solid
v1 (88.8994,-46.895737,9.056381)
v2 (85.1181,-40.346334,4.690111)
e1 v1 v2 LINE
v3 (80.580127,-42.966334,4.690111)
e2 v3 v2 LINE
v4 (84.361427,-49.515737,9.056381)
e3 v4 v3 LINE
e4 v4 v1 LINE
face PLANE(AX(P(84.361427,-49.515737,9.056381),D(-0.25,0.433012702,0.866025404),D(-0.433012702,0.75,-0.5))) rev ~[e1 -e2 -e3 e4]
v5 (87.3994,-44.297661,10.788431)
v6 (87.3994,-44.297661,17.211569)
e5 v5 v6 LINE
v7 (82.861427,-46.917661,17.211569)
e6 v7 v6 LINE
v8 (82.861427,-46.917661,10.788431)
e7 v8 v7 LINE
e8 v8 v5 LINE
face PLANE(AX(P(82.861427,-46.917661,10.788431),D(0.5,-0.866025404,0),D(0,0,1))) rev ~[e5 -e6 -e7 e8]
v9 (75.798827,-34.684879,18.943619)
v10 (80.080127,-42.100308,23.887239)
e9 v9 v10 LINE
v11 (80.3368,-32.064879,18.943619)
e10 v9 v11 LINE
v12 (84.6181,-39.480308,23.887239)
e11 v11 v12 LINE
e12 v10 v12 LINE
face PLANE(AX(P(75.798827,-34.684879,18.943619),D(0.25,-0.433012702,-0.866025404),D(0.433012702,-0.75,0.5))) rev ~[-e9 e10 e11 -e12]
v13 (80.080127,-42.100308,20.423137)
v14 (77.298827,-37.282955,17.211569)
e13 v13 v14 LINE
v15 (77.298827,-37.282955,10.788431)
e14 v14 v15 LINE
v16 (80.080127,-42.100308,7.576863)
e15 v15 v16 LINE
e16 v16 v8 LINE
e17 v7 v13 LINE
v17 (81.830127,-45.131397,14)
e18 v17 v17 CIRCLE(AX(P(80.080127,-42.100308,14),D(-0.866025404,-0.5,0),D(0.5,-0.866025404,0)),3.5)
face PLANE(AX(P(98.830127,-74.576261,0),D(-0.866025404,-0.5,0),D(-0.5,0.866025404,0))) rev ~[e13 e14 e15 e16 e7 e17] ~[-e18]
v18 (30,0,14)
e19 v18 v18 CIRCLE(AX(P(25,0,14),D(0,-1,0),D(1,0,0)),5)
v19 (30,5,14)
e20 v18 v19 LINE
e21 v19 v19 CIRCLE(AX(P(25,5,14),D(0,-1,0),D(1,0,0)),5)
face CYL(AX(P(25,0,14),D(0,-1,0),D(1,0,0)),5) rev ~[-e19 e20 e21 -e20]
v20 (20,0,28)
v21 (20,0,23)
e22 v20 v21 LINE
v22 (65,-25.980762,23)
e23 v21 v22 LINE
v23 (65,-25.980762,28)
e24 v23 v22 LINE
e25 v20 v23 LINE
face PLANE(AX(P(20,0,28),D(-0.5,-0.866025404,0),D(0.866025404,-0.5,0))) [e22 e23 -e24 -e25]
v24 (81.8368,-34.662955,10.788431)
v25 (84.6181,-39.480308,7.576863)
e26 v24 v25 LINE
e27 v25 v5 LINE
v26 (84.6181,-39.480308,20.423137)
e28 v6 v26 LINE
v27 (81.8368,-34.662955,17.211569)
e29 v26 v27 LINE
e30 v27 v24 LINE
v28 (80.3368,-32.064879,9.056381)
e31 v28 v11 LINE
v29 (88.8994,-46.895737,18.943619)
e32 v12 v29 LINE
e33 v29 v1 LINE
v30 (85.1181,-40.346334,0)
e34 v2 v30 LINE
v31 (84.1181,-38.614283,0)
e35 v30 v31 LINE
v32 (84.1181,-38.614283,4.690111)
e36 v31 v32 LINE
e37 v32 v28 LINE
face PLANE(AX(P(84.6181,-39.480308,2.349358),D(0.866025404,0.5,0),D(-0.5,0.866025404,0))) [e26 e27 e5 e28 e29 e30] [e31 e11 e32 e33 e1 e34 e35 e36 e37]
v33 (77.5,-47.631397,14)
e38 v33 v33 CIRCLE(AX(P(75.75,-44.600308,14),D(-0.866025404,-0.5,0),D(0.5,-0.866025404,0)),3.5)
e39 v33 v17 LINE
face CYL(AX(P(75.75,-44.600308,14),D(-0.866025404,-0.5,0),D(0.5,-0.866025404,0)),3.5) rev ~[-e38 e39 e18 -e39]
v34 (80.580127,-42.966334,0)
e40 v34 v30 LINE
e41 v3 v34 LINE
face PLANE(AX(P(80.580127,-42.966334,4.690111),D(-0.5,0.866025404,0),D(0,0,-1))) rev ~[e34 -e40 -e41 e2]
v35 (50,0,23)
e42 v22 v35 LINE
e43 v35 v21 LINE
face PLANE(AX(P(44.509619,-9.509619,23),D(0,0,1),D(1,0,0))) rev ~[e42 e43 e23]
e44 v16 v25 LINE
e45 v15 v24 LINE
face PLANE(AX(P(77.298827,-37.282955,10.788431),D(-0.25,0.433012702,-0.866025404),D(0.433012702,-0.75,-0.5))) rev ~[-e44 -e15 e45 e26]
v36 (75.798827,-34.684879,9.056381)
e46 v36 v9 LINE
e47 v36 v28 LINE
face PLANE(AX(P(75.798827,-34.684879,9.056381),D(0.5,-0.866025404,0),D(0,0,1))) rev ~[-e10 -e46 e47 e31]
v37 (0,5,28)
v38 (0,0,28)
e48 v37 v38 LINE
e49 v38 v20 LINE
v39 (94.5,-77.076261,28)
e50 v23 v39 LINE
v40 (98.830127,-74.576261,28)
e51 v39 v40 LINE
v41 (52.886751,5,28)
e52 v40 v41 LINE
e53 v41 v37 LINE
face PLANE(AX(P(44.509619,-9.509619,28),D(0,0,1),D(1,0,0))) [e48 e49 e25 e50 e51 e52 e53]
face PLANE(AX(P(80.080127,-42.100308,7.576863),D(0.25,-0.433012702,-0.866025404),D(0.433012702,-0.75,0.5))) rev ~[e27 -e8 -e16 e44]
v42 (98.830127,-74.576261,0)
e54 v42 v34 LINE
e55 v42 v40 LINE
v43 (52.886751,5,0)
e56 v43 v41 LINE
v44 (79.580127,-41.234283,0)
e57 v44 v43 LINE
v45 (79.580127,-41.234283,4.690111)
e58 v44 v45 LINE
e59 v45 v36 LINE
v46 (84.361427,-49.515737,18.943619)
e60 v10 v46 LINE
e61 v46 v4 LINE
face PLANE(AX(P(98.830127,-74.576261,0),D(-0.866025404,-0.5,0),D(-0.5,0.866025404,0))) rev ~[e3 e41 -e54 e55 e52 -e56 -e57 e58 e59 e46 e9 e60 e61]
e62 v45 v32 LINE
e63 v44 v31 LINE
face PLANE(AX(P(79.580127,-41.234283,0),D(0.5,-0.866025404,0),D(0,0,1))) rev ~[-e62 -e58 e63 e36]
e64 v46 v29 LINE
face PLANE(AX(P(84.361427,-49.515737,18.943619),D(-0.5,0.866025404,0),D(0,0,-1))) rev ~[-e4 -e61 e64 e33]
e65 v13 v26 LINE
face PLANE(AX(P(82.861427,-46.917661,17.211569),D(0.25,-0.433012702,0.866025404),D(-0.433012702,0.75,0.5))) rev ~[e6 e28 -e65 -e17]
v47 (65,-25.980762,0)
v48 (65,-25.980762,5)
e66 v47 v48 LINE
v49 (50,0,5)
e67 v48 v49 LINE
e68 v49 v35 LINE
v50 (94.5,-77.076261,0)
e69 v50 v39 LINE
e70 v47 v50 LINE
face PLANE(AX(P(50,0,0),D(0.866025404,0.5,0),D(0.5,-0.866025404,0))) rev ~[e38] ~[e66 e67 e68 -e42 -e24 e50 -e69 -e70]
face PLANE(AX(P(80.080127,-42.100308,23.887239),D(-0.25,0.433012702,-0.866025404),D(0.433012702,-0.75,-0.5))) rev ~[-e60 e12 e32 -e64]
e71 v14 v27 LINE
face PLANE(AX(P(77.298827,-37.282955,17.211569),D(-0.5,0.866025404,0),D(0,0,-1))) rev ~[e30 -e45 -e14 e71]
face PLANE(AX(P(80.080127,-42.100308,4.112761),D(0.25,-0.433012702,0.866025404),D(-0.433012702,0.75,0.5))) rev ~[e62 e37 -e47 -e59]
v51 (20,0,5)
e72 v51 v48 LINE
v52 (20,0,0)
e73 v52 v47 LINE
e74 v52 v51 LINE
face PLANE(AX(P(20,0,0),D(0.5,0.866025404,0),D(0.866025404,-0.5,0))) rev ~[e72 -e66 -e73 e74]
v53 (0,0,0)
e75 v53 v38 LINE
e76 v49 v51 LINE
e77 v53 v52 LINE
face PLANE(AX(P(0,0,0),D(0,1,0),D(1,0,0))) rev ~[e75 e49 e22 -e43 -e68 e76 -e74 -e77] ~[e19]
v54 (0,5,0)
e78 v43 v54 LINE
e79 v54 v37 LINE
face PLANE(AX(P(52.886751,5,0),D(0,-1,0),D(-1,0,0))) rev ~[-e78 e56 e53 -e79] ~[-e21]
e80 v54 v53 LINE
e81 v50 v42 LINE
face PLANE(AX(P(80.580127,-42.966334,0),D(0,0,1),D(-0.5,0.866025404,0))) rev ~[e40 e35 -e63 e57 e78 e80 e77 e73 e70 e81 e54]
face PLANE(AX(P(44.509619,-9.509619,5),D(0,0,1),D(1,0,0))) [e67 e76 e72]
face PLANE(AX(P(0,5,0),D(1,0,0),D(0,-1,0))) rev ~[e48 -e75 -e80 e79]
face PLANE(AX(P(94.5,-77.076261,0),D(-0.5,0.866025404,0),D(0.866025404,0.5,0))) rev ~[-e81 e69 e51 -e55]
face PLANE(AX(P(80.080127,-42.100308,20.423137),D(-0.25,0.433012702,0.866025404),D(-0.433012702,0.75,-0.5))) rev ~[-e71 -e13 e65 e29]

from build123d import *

# Parameters (mm, degrees)
F1_DEPTH  = 28
F2_R      = 5
F3_DEPTH  = 5.001
F4_R      = 3.5
F5_DEPTH  = 44.7891304684
F7_DEPTH  = 5
F9_DEPTH  = 5
F11_DEPTH = 5.24
F13_DEPTH = 5.24


with BuildPart() as f1:
    # F0 (on Top) → F1 (new body)
    with BuildSketch(Plane.XY):
        Polygon((52.8867513459, 5), (0, 5), (0, 0), (50, 0), (94.5, -77.0762609368), (98.8301270189, -74.5762609368), align=None)
    extrude(amount=F1_DEPTH)

    # F2 (on face) → F3 (cut, through all)
    with BuildSketch(Plane.XZ):
        with Locations((25, 14)):
            Circle(F2_R)
    extrude(amount=-F3_DEPTH, mode=Mode.SUBTRACT)

    # F4 (on face) → F5 (cut, through all)
    with BuildSketch(Plane(origin=(37.5, 21.6506350946, 0), x_dir=(0.5, -0.8660254038, 0), z_dir=(-0.8660254038, -0.5, 0))):
        with Locations((76.5, 14)):
            Circle(F4_R)
    extrude(amount=-F5_DEPTH, mode=Mode.SUBTRACT)

    # F6 (on Top) → F7 (join)
    with BuildSketch(Plane.XY):
        Polygon((50, 0), (20, 0), (65, -25.9807621135), align=None)
    extrude(amount=F7_DEPTH)

    # F8 (on face) → F9 (join)
    with BuildSketch(Plane.XY.offset(28)):
        Polygon((65, -25.9807621135), (50, 0), (20, 0), align=None)
    extrude(amount=-F9_DEPTH)

    # F10 (on face) → F11 (join)
    with BuildSketch(Plane(origin=(41.8301270189, 24.1506350946, 0), x_dir=(-0.5, 0.8660254038, 0), z_dir=(0.8660254038, 0.5, 0))):
        Polygon((-85.0626, 18.943619415), (-85.0626, 9.056380585), (-76.5, 4.1127611701), (-67.9374, 9.056380585), (-67.9374, 18.943619415), (-76.5, 23.8872388299), align=None)
        Polygon((-76.5, 20.4231372148), (-70.9374, 17.2115686074), (-70.9374, 10.7884313926), (-76.5, 7.5768627852), (-82.0626, 10.7884313926), (-82.0626, 17.2115686074), align=None, mode=Mode.SUBTRACT)
    extrude(amount=F11_DEPTH)

    # F12 (on face) → F13 (join, through all)
    with BuildSketch(Plane(origin=(41.8301270189, 24.1506350946, 0), x_dir=(-0.5, 0.8660254038, 0), z_dir=(0.8660254038, 0.5, 0))):
        Polygon((-75.5, 0), (-75.5, 4.6901114393), (-76.5, 4.1127611701), (-77.5, 4.6901114393), (-77.5, 0), align=None)
    extrude(amount=F13_DEPTH)


solid = f1.part
